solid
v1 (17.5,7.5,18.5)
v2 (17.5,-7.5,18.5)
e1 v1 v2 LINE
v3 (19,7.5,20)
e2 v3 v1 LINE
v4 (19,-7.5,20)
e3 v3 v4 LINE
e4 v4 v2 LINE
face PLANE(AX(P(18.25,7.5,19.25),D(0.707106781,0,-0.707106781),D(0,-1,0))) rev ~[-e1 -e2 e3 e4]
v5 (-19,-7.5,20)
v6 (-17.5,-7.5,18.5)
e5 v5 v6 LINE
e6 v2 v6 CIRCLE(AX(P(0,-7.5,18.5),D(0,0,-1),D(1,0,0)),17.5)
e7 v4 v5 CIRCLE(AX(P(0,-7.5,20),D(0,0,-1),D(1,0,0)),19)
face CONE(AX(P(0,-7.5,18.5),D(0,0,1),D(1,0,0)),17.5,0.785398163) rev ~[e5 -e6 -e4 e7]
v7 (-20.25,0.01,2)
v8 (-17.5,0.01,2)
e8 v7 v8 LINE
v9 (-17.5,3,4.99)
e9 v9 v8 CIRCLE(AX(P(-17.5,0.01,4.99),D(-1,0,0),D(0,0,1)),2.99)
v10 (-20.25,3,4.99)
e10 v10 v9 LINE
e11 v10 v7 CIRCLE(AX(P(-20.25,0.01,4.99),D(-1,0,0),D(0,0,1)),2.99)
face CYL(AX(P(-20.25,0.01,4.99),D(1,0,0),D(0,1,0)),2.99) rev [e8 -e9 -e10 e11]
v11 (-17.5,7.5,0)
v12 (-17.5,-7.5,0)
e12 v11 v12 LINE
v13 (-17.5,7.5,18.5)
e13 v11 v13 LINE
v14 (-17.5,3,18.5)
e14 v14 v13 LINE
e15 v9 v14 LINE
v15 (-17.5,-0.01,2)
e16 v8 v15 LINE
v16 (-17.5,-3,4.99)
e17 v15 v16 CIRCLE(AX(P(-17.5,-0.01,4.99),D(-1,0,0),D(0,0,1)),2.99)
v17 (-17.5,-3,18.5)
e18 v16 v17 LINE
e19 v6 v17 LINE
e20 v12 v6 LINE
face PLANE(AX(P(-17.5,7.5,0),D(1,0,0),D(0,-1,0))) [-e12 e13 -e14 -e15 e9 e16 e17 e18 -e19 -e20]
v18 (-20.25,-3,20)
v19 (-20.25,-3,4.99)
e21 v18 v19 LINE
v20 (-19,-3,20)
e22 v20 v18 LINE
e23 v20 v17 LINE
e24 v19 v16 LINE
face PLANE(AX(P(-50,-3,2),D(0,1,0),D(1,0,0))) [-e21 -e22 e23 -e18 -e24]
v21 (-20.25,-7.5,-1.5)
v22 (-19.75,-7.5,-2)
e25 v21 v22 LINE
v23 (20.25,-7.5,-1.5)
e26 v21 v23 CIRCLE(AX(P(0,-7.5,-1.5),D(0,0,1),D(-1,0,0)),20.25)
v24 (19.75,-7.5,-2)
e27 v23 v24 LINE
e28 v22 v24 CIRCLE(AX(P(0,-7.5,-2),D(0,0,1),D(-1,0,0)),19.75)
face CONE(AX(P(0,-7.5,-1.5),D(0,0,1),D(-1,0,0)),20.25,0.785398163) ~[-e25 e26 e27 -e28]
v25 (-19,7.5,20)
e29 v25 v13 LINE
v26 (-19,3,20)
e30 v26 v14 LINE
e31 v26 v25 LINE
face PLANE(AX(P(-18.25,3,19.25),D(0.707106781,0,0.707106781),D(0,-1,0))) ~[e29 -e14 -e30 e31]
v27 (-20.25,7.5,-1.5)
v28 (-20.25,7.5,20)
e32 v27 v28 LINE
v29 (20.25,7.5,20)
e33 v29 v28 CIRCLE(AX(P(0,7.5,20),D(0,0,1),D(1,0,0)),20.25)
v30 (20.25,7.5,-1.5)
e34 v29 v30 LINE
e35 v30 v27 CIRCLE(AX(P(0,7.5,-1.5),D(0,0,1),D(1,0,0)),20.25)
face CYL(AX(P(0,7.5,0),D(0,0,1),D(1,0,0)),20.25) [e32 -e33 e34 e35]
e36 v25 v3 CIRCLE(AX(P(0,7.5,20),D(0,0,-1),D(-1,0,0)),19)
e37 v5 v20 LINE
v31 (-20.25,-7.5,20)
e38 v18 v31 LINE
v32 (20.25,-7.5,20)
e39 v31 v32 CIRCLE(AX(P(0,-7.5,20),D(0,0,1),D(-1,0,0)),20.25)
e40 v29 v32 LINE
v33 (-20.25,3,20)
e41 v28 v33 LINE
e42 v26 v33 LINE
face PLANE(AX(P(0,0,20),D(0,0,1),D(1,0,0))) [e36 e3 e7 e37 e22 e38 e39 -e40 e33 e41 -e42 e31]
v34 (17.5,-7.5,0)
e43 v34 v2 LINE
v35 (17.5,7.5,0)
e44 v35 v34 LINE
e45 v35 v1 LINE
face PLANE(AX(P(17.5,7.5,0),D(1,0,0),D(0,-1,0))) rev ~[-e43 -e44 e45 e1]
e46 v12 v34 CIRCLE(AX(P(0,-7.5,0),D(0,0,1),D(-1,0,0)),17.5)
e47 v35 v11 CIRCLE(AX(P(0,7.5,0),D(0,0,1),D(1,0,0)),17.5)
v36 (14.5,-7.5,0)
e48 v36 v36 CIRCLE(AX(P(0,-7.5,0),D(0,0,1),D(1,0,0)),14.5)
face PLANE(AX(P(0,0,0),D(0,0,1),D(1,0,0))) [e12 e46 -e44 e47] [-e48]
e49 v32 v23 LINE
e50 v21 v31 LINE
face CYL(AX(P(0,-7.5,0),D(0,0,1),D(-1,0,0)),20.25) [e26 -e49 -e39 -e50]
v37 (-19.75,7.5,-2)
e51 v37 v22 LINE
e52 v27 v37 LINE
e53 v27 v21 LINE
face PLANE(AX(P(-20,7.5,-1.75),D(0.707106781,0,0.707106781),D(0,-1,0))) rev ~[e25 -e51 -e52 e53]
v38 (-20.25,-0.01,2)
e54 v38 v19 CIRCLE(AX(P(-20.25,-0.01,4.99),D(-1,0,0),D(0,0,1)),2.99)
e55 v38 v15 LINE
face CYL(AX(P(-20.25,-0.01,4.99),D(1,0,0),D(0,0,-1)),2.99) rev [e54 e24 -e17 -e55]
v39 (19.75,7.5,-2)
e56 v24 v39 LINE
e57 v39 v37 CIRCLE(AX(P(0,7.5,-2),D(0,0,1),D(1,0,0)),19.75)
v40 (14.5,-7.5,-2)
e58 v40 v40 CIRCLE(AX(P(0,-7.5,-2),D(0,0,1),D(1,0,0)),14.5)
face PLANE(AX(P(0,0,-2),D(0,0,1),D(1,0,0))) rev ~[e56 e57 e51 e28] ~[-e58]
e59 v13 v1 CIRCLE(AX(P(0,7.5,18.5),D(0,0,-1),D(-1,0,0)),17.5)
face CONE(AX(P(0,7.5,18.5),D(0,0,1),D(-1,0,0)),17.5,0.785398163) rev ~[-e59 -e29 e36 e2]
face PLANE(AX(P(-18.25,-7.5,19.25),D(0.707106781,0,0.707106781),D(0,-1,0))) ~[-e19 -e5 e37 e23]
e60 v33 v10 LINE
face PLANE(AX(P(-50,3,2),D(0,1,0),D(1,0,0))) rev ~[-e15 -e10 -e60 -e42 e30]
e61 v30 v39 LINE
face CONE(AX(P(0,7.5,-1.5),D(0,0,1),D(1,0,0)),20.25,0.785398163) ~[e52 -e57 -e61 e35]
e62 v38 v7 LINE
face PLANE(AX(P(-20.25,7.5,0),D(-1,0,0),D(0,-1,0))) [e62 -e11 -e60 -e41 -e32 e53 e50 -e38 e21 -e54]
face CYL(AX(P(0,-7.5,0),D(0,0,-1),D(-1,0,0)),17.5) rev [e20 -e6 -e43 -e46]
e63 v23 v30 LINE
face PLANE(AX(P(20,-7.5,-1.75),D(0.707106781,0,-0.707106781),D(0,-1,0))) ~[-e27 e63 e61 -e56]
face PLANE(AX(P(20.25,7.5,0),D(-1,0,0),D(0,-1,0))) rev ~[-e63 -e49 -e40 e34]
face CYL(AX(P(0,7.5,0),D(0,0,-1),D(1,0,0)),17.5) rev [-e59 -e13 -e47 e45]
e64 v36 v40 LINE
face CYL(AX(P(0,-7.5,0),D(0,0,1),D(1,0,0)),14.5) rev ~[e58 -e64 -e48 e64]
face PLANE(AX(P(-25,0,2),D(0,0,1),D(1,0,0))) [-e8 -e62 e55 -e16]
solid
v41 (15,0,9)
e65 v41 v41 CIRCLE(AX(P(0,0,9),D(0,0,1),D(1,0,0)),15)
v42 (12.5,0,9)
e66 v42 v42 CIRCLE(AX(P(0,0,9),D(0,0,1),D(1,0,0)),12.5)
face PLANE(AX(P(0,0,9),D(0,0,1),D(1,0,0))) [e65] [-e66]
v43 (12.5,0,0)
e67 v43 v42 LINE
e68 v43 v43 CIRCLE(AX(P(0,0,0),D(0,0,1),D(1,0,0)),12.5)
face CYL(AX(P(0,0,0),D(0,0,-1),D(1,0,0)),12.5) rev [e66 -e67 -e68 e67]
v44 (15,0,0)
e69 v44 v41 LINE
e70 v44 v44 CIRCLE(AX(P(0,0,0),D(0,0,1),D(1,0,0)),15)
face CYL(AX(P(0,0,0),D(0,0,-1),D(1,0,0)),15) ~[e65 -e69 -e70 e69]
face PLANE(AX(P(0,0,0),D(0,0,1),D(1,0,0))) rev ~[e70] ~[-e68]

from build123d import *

# Parameters (mm, degrees)
PAD_DEPTH       = 20
PAD_DEPTH_BACK  = 2
POCKET_DEPTH    = 20.001
POCKET001_START = 2
SKETCH002_W     = 50
SKETCH002_H     = 6
POCKET001_DEPTH = 28
SKETCH003_R     = 14.5
POCKET002_DEPTH = 2.001
CHAMFER_SIZE    = 1.5
CHAMFER001_SIZE = 0.5
FILLET_R        = 2.99
SKETCH004_R     = 15
SKETCH004_R_2   = 12.5
PAD001_DEPTH    = 9


with BuildPart() as bodykappe:
    # Sketch → Pad (new body, two sides)
    with BuildSketch(Plane.XY) as pad_sk:
        with BuildLine():
            ThreePointArc((20.25, 7.5), (0, 27.75), (-20.25, 7.5))
            Line((-20.25, 7.5), (-20.25, -7.5))
            ThreePointArc((-20.25, -7.5), (0, -27.75), (20.25, -7.5))
            Line((20.25, 7.5), (20.25, -7.5))
        make_face()
    extrude(amount=PAD_DEPTH)
    extrude(pad_sk.sketch, amount=-PAD_DEPTH_BACK)

    # Sketch001 → Pocket (cut, through all)
    with BuildSketch(Plane.XY):
        with BuildLine():
            ThreePointArc((17.5, 7.5), (0, 25), (-17.5, 7.5))
            Line((-17.5, 7.5), (-17.5, -7.5))
            ThreePointArc((-17.5, -7.5), (0, -25), (17.5, -7.5))
            Line((17.5, 7.5), (17.5, -7.5))
        make_face()
    extrude(amount=POCKET_DEPTH, mode=Mode.SUBTRACT)

    # Sketch002 → Pocket001 (cut)
    with BuildSketch(Plane.XY.offset(POCKET001_START)):
        with Locations((-25, 0)):
            Rectangle(SKETCH002_W, SKETCH002_H)
    extrude(amount=POCKET001_DEPTH, mode=Mode.SUBTRACT)

    # Sketch003 → Pocket002 (cut, through all)
    with BuildSketch(Plane.XY):
        with Locations((0, -7.5)):
            Circle(SKETCH003_R)
    extrude(amount=-POCKET002_DEPTH, mode=Mode.SUBTRACT)

    # Chamfer
    chamfer_edges = [bodykappe.edges().sort_by_distance(p)[0] for p in [
        (0, 25, 20),
    ]]
    chamfer(chamfer_edges, length=CHAMFER_SIZE)

    # Chamfer001
    chamfer001_edges = [bodykappe.edges().sort_by_distance(p)[0] for p in [
        (0, -27.75, -2),
    ]]
    chamfer(chamfer001_edges, length=CHAMFER001_SIZE)

    # Fillet
    fillet_edges = [bodykappe.edges().sort_by_distance(p)[0] for p in [
        (-18.875, -3, 2),
        (-18.875, 3, 2),
    ]]
    fillet(fillet_edges, radius=FILLET_R)


with BuildPart() as bodyring:
    # Sketch004 → Pad001 (new body)
    with BuildSketch(Plane.XY):
        Circle(SKETCH004_R)
        Circle(SKETCH004_R_2, mode=Mode.SUBTRACT)
    extrude(amount=PAD001_DEPTH)


solid = Compound([bodykappe.part, bodyring.part])
